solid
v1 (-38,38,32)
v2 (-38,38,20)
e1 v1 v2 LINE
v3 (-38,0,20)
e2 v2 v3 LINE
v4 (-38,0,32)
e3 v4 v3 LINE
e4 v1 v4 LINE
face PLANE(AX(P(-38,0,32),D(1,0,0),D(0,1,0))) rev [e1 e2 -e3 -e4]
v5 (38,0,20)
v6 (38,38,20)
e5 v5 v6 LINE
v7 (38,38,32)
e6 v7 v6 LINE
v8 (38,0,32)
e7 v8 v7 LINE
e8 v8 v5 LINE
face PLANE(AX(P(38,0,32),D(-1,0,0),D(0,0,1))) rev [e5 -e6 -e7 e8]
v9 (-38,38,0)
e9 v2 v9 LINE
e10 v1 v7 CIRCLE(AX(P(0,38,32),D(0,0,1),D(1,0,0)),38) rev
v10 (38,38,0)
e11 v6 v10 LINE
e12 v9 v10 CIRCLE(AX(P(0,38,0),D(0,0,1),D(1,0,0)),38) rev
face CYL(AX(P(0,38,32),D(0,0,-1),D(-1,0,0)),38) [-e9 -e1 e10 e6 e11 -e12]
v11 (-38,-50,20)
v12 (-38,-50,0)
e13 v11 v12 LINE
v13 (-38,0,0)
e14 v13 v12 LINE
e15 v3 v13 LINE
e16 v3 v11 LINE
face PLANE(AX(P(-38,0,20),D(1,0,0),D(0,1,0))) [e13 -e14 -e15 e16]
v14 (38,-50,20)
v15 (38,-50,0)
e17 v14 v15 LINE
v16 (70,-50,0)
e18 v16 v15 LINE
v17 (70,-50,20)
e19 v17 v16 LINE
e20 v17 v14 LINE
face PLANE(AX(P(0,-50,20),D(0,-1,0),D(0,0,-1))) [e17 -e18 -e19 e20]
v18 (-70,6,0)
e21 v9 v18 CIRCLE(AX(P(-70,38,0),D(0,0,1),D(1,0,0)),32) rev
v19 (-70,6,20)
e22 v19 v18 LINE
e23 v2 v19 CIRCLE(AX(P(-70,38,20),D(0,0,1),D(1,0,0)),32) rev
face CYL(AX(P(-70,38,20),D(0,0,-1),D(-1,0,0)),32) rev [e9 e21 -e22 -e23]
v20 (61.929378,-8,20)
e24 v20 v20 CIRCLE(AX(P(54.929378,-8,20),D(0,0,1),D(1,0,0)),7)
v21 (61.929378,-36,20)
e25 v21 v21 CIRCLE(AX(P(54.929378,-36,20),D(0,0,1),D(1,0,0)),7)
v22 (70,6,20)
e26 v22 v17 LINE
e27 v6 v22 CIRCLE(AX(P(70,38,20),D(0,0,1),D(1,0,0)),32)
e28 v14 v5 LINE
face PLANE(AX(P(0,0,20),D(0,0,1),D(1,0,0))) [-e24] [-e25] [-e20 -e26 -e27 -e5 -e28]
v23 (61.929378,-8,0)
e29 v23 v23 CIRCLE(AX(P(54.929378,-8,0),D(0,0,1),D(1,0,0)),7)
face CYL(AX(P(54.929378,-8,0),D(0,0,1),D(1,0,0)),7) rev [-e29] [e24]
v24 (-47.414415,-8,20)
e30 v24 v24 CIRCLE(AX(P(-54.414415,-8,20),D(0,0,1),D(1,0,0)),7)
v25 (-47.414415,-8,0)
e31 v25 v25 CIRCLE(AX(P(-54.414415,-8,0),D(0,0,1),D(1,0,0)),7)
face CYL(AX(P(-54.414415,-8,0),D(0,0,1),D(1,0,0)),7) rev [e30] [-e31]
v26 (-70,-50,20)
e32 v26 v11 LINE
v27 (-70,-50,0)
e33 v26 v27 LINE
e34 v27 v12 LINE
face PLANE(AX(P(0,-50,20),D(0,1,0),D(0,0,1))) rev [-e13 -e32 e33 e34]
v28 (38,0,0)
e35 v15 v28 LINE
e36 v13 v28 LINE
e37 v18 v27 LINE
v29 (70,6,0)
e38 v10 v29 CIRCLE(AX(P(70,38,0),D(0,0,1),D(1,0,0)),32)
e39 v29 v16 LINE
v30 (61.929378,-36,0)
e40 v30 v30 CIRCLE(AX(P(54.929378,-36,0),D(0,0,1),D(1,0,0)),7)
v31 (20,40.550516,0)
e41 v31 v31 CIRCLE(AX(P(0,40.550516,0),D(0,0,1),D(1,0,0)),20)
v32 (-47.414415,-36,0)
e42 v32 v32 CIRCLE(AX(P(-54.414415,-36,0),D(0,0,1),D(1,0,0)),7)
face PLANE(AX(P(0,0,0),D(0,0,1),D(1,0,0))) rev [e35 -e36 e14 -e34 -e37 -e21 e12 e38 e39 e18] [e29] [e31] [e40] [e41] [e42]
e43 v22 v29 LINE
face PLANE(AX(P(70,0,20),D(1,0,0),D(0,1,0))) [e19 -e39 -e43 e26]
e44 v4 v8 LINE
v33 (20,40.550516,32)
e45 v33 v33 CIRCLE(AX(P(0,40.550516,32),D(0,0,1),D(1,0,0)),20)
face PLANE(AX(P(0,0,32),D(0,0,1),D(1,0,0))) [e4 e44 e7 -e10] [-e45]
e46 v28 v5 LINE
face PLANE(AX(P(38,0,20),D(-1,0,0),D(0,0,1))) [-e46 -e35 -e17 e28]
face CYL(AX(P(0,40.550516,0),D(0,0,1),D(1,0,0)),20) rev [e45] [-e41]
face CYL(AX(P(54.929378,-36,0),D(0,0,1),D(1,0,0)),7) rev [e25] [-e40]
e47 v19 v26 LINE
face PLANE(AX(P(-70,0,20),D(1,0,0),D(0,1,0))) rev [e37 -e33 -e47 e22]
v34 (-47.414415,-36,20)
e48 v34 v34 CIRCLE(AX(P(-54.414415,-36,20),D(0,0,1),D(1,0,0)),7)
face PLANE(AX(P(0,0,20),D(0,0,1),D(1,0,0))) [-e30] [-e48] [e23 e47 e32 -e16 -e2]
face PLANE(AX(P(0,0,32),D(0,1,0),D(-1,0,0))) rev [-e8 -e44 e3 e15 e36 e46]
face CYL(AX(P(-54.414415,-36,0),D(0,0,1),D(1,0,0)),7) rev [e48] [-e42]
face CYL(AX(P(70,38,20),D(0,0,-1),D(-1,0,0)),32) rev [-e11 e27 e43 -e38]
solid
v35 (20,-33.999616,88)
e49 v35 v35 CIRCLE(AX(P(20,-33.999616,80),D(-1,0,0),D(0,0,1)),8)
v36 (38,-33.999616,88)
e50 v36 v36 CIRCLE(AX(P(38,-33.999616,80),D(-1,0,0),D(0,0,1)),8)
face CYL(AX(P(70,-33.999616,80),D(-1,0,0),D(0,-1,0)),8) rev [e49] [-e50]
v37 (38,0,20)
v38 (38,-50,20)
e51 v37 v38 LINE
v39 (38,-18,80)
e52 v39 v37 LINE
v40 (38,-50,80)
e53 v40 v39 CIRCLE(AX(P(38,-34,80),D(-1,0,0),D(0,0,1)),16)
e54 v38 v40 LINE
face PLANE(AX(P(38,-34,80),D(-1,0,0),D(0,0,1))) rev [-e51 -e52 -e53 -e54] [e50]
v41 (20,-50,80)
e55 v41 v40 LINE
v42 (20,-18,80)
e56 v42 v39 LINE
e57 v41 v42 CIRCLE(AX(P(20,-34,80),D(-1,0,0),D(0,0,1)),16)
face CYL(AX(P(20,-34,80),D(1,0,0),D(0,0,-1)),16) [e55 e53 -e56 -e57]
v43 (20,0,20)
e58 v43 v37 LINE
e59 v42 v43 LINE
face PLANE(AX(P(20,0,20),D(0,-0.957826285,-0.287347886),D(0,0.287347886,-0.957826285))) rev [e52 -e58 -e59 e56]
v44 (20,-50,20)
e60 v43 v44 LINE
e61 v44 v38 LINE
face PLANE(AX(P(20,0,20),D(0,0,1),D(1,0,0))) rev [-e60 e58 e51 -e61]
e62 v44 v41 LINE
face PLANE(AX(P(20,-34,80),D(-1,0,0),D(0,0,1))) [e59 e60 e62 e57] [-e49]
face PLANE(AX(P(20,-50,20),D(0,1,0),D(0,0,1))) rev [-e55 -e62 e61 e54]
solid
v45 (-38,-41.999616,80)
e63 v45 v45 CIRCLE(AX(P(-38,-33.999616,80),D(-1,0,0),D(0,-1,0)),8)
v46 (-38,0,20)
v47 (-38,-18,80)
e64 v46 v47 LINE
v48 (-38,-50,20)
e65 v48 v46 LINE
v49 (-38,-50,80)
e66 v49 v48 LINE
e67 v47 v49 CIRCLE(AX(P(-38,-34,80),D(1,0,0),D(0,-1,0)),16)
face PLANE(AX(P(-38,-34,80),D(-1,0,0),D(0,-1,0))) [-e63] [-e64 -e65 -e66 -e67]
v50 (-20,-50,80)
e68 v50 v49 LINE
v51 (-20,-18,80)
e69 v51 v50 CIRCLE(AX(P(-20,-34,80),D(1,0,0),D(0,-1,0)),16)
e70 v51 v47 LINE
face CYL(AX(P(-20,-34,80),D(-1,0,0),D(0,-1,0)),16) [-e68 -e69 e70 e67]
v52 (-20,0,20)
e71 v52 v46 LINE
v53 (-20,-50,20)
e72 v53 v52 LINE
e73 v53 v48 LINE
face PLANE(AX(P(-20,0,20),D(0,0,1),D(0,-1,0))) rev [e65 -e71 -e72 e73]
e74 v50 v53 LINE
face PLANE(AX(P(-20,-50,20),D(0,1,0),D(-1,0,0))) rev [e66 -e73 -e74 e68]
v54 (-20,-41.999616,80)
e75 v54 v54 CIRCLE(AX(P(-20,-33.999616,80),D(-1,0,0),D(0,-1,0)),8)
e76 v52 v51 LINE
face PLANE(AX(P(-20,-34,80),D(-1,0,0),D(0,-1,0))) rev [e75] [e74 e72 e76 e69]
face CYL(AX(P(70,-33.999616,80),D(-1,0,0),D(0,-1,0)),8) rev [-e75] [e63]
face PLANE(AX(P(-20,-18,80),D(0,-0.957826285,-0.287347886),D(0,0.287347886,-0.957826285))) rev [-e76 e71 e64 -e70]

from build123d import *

# Parameters (mm, degrees)
BOSS_EXTRUDE1_DEPTH = 32
BOSS_EXTRUDE2_DEPTH = 20
SKETCH2_R           = 7
CUT_EXTRUDE1_DEPTH  = 20
SKETCH3_R           = 20
CUT_EXTRUDE3_DEPTH  = 109.166538264
BOSS_EXTRUDE3_DEPTH = 18
BOSS_EXTRUDE4_DEPTH = 18
SKETCH6_R           = 8
CUT_EXTRUDE4_DEPTH  = 164.266653056


with BuildPart() as part:
    # Sketch1 → Boss-Extrude1 (new body)
    with BuildSketch(Plane.XY):
        with BuildLine():
            Line((-38, 38), (-38, 0))
            Line((-38, 0), (38, 0))
            Line((38, 0), (38, 38))
            ThreePointArc((38, 38), (0, 76), (-38, 38))
        make_face()
    extrude(amount=BOSS_EXTRUDE1_DEPTH)

    # Sketch1<3> → Boss-Extrude2 (add)
    with BuildSketch(Plane.XY):
        with BuildLine():
            Line((-38, -50), (-38, 38))
            ThreePointArc((-38, 38), (-47.372583002, 15.372583002), (-70, 6))
            Line((-70, 6), (-70, -50))
            Line((-70, -50), (-38, -50))
        make_face()
        with BuildLine():
            Line((38, 38), (38, -50))
            Line((38, -50), (70, -50))
            Line((70, -50), (70, 6))
            ThreePointArc((70, 6), (47.372583002, 15.372583002), (38, 38))
        make_face()
    extrude(amount=BOSS_EXTRUDE2_DEPTH)

    # Sketch2 → Cut-Extrude1 (cut)
    with BuildSketch(Plane.XY.offset(20)):
        with Locations((-54.414414875, -8)):
            Circle(SKETCH2_R)
        with Locations((-54.414414875, -36)):
            Circle(SKETCH2_R)
        with Locations((54.929377791, -8)):
            Circle(SKETCH2_R)
        with Locations((54.929377791, -36)):
            Circle(SKETCH2_R)
    extrude(amount=-CUT_EXTRUDE1_DEPTH, mode=Mode.SUBTRACT)

    # Sketch3 → Cut-Extrude3 (cut, through all)
    with BuildSketch(Plane.XY.offset(32)):
        with Locations((0, 40.550516049)):
            Circle(SKETCH3_R)
    extrude(amount=-CUT_EXTRUDE3_DEPTH, mode=Mode.SUBTRACT)


with BuildPart() as body_2:
    # Sketch4 → Boss-Extrude3 (new body)
    with BuildSketch(Plane(origin=(-38, 0, 0), x_dir=(0, 0, -1), z_dir=(1, 0, 0))):
        with BuildLine():
            Line((-20, -50), (-80, -50))
            ThreePointArc((-80, -50), (-96, -34), (-80, -18))
            Line((-80, -18), (-20, 0))
            Line((-20, 0), (-20, -50))
        make_face()
    extrude(amount=BOSS_EXTRUDE3_DEPTH)


with BuildPart() as body_3:
    # Sketch5 → Boss-Extrude4 (new body)
    with BuildSketch(Plane.ZY.offset(-38)):
        with BuildLine():
            Line((20, -50), (80, -50))
            ThreePointArc((80, -50), (96, -34), (80, -18))
            Line((80, -18), (20, 0))
            Line((20, 0), (20, -50))
        make_face()
    extrude(amount=BOSS_EXTRUDE4_DEPTH)


with BuildPart() as cut_extrude4_tool:
    # Sketch6 → Cut-Extrude4 (new, through all)
    with BuildSketch(Plane.ZY.offset(38)):
        with Locations((80, -33.999616417)):
            Circle(SKETCH6_R)
    extrude(amount=-CUT_EXTRUDE4_DEPTH)


with BuildPart() as body_2_1:
    add(body_2.part)

    # Cut-Extrude4: cut by cut_extrude4_tool
    add(cut_extrude4_tool.part, mode=Mode.SUBTRACT)


with BuildPart() as body_3_1:
    add(body_3.part)

    # Cut-Extrude4: cut by cut_extrude4_tool
    add(cut_extrude4_tool.part, mode=Mode.SUBTRACT)


solid = Compound([part.part, body_2_1.part, body_3_1.part])
